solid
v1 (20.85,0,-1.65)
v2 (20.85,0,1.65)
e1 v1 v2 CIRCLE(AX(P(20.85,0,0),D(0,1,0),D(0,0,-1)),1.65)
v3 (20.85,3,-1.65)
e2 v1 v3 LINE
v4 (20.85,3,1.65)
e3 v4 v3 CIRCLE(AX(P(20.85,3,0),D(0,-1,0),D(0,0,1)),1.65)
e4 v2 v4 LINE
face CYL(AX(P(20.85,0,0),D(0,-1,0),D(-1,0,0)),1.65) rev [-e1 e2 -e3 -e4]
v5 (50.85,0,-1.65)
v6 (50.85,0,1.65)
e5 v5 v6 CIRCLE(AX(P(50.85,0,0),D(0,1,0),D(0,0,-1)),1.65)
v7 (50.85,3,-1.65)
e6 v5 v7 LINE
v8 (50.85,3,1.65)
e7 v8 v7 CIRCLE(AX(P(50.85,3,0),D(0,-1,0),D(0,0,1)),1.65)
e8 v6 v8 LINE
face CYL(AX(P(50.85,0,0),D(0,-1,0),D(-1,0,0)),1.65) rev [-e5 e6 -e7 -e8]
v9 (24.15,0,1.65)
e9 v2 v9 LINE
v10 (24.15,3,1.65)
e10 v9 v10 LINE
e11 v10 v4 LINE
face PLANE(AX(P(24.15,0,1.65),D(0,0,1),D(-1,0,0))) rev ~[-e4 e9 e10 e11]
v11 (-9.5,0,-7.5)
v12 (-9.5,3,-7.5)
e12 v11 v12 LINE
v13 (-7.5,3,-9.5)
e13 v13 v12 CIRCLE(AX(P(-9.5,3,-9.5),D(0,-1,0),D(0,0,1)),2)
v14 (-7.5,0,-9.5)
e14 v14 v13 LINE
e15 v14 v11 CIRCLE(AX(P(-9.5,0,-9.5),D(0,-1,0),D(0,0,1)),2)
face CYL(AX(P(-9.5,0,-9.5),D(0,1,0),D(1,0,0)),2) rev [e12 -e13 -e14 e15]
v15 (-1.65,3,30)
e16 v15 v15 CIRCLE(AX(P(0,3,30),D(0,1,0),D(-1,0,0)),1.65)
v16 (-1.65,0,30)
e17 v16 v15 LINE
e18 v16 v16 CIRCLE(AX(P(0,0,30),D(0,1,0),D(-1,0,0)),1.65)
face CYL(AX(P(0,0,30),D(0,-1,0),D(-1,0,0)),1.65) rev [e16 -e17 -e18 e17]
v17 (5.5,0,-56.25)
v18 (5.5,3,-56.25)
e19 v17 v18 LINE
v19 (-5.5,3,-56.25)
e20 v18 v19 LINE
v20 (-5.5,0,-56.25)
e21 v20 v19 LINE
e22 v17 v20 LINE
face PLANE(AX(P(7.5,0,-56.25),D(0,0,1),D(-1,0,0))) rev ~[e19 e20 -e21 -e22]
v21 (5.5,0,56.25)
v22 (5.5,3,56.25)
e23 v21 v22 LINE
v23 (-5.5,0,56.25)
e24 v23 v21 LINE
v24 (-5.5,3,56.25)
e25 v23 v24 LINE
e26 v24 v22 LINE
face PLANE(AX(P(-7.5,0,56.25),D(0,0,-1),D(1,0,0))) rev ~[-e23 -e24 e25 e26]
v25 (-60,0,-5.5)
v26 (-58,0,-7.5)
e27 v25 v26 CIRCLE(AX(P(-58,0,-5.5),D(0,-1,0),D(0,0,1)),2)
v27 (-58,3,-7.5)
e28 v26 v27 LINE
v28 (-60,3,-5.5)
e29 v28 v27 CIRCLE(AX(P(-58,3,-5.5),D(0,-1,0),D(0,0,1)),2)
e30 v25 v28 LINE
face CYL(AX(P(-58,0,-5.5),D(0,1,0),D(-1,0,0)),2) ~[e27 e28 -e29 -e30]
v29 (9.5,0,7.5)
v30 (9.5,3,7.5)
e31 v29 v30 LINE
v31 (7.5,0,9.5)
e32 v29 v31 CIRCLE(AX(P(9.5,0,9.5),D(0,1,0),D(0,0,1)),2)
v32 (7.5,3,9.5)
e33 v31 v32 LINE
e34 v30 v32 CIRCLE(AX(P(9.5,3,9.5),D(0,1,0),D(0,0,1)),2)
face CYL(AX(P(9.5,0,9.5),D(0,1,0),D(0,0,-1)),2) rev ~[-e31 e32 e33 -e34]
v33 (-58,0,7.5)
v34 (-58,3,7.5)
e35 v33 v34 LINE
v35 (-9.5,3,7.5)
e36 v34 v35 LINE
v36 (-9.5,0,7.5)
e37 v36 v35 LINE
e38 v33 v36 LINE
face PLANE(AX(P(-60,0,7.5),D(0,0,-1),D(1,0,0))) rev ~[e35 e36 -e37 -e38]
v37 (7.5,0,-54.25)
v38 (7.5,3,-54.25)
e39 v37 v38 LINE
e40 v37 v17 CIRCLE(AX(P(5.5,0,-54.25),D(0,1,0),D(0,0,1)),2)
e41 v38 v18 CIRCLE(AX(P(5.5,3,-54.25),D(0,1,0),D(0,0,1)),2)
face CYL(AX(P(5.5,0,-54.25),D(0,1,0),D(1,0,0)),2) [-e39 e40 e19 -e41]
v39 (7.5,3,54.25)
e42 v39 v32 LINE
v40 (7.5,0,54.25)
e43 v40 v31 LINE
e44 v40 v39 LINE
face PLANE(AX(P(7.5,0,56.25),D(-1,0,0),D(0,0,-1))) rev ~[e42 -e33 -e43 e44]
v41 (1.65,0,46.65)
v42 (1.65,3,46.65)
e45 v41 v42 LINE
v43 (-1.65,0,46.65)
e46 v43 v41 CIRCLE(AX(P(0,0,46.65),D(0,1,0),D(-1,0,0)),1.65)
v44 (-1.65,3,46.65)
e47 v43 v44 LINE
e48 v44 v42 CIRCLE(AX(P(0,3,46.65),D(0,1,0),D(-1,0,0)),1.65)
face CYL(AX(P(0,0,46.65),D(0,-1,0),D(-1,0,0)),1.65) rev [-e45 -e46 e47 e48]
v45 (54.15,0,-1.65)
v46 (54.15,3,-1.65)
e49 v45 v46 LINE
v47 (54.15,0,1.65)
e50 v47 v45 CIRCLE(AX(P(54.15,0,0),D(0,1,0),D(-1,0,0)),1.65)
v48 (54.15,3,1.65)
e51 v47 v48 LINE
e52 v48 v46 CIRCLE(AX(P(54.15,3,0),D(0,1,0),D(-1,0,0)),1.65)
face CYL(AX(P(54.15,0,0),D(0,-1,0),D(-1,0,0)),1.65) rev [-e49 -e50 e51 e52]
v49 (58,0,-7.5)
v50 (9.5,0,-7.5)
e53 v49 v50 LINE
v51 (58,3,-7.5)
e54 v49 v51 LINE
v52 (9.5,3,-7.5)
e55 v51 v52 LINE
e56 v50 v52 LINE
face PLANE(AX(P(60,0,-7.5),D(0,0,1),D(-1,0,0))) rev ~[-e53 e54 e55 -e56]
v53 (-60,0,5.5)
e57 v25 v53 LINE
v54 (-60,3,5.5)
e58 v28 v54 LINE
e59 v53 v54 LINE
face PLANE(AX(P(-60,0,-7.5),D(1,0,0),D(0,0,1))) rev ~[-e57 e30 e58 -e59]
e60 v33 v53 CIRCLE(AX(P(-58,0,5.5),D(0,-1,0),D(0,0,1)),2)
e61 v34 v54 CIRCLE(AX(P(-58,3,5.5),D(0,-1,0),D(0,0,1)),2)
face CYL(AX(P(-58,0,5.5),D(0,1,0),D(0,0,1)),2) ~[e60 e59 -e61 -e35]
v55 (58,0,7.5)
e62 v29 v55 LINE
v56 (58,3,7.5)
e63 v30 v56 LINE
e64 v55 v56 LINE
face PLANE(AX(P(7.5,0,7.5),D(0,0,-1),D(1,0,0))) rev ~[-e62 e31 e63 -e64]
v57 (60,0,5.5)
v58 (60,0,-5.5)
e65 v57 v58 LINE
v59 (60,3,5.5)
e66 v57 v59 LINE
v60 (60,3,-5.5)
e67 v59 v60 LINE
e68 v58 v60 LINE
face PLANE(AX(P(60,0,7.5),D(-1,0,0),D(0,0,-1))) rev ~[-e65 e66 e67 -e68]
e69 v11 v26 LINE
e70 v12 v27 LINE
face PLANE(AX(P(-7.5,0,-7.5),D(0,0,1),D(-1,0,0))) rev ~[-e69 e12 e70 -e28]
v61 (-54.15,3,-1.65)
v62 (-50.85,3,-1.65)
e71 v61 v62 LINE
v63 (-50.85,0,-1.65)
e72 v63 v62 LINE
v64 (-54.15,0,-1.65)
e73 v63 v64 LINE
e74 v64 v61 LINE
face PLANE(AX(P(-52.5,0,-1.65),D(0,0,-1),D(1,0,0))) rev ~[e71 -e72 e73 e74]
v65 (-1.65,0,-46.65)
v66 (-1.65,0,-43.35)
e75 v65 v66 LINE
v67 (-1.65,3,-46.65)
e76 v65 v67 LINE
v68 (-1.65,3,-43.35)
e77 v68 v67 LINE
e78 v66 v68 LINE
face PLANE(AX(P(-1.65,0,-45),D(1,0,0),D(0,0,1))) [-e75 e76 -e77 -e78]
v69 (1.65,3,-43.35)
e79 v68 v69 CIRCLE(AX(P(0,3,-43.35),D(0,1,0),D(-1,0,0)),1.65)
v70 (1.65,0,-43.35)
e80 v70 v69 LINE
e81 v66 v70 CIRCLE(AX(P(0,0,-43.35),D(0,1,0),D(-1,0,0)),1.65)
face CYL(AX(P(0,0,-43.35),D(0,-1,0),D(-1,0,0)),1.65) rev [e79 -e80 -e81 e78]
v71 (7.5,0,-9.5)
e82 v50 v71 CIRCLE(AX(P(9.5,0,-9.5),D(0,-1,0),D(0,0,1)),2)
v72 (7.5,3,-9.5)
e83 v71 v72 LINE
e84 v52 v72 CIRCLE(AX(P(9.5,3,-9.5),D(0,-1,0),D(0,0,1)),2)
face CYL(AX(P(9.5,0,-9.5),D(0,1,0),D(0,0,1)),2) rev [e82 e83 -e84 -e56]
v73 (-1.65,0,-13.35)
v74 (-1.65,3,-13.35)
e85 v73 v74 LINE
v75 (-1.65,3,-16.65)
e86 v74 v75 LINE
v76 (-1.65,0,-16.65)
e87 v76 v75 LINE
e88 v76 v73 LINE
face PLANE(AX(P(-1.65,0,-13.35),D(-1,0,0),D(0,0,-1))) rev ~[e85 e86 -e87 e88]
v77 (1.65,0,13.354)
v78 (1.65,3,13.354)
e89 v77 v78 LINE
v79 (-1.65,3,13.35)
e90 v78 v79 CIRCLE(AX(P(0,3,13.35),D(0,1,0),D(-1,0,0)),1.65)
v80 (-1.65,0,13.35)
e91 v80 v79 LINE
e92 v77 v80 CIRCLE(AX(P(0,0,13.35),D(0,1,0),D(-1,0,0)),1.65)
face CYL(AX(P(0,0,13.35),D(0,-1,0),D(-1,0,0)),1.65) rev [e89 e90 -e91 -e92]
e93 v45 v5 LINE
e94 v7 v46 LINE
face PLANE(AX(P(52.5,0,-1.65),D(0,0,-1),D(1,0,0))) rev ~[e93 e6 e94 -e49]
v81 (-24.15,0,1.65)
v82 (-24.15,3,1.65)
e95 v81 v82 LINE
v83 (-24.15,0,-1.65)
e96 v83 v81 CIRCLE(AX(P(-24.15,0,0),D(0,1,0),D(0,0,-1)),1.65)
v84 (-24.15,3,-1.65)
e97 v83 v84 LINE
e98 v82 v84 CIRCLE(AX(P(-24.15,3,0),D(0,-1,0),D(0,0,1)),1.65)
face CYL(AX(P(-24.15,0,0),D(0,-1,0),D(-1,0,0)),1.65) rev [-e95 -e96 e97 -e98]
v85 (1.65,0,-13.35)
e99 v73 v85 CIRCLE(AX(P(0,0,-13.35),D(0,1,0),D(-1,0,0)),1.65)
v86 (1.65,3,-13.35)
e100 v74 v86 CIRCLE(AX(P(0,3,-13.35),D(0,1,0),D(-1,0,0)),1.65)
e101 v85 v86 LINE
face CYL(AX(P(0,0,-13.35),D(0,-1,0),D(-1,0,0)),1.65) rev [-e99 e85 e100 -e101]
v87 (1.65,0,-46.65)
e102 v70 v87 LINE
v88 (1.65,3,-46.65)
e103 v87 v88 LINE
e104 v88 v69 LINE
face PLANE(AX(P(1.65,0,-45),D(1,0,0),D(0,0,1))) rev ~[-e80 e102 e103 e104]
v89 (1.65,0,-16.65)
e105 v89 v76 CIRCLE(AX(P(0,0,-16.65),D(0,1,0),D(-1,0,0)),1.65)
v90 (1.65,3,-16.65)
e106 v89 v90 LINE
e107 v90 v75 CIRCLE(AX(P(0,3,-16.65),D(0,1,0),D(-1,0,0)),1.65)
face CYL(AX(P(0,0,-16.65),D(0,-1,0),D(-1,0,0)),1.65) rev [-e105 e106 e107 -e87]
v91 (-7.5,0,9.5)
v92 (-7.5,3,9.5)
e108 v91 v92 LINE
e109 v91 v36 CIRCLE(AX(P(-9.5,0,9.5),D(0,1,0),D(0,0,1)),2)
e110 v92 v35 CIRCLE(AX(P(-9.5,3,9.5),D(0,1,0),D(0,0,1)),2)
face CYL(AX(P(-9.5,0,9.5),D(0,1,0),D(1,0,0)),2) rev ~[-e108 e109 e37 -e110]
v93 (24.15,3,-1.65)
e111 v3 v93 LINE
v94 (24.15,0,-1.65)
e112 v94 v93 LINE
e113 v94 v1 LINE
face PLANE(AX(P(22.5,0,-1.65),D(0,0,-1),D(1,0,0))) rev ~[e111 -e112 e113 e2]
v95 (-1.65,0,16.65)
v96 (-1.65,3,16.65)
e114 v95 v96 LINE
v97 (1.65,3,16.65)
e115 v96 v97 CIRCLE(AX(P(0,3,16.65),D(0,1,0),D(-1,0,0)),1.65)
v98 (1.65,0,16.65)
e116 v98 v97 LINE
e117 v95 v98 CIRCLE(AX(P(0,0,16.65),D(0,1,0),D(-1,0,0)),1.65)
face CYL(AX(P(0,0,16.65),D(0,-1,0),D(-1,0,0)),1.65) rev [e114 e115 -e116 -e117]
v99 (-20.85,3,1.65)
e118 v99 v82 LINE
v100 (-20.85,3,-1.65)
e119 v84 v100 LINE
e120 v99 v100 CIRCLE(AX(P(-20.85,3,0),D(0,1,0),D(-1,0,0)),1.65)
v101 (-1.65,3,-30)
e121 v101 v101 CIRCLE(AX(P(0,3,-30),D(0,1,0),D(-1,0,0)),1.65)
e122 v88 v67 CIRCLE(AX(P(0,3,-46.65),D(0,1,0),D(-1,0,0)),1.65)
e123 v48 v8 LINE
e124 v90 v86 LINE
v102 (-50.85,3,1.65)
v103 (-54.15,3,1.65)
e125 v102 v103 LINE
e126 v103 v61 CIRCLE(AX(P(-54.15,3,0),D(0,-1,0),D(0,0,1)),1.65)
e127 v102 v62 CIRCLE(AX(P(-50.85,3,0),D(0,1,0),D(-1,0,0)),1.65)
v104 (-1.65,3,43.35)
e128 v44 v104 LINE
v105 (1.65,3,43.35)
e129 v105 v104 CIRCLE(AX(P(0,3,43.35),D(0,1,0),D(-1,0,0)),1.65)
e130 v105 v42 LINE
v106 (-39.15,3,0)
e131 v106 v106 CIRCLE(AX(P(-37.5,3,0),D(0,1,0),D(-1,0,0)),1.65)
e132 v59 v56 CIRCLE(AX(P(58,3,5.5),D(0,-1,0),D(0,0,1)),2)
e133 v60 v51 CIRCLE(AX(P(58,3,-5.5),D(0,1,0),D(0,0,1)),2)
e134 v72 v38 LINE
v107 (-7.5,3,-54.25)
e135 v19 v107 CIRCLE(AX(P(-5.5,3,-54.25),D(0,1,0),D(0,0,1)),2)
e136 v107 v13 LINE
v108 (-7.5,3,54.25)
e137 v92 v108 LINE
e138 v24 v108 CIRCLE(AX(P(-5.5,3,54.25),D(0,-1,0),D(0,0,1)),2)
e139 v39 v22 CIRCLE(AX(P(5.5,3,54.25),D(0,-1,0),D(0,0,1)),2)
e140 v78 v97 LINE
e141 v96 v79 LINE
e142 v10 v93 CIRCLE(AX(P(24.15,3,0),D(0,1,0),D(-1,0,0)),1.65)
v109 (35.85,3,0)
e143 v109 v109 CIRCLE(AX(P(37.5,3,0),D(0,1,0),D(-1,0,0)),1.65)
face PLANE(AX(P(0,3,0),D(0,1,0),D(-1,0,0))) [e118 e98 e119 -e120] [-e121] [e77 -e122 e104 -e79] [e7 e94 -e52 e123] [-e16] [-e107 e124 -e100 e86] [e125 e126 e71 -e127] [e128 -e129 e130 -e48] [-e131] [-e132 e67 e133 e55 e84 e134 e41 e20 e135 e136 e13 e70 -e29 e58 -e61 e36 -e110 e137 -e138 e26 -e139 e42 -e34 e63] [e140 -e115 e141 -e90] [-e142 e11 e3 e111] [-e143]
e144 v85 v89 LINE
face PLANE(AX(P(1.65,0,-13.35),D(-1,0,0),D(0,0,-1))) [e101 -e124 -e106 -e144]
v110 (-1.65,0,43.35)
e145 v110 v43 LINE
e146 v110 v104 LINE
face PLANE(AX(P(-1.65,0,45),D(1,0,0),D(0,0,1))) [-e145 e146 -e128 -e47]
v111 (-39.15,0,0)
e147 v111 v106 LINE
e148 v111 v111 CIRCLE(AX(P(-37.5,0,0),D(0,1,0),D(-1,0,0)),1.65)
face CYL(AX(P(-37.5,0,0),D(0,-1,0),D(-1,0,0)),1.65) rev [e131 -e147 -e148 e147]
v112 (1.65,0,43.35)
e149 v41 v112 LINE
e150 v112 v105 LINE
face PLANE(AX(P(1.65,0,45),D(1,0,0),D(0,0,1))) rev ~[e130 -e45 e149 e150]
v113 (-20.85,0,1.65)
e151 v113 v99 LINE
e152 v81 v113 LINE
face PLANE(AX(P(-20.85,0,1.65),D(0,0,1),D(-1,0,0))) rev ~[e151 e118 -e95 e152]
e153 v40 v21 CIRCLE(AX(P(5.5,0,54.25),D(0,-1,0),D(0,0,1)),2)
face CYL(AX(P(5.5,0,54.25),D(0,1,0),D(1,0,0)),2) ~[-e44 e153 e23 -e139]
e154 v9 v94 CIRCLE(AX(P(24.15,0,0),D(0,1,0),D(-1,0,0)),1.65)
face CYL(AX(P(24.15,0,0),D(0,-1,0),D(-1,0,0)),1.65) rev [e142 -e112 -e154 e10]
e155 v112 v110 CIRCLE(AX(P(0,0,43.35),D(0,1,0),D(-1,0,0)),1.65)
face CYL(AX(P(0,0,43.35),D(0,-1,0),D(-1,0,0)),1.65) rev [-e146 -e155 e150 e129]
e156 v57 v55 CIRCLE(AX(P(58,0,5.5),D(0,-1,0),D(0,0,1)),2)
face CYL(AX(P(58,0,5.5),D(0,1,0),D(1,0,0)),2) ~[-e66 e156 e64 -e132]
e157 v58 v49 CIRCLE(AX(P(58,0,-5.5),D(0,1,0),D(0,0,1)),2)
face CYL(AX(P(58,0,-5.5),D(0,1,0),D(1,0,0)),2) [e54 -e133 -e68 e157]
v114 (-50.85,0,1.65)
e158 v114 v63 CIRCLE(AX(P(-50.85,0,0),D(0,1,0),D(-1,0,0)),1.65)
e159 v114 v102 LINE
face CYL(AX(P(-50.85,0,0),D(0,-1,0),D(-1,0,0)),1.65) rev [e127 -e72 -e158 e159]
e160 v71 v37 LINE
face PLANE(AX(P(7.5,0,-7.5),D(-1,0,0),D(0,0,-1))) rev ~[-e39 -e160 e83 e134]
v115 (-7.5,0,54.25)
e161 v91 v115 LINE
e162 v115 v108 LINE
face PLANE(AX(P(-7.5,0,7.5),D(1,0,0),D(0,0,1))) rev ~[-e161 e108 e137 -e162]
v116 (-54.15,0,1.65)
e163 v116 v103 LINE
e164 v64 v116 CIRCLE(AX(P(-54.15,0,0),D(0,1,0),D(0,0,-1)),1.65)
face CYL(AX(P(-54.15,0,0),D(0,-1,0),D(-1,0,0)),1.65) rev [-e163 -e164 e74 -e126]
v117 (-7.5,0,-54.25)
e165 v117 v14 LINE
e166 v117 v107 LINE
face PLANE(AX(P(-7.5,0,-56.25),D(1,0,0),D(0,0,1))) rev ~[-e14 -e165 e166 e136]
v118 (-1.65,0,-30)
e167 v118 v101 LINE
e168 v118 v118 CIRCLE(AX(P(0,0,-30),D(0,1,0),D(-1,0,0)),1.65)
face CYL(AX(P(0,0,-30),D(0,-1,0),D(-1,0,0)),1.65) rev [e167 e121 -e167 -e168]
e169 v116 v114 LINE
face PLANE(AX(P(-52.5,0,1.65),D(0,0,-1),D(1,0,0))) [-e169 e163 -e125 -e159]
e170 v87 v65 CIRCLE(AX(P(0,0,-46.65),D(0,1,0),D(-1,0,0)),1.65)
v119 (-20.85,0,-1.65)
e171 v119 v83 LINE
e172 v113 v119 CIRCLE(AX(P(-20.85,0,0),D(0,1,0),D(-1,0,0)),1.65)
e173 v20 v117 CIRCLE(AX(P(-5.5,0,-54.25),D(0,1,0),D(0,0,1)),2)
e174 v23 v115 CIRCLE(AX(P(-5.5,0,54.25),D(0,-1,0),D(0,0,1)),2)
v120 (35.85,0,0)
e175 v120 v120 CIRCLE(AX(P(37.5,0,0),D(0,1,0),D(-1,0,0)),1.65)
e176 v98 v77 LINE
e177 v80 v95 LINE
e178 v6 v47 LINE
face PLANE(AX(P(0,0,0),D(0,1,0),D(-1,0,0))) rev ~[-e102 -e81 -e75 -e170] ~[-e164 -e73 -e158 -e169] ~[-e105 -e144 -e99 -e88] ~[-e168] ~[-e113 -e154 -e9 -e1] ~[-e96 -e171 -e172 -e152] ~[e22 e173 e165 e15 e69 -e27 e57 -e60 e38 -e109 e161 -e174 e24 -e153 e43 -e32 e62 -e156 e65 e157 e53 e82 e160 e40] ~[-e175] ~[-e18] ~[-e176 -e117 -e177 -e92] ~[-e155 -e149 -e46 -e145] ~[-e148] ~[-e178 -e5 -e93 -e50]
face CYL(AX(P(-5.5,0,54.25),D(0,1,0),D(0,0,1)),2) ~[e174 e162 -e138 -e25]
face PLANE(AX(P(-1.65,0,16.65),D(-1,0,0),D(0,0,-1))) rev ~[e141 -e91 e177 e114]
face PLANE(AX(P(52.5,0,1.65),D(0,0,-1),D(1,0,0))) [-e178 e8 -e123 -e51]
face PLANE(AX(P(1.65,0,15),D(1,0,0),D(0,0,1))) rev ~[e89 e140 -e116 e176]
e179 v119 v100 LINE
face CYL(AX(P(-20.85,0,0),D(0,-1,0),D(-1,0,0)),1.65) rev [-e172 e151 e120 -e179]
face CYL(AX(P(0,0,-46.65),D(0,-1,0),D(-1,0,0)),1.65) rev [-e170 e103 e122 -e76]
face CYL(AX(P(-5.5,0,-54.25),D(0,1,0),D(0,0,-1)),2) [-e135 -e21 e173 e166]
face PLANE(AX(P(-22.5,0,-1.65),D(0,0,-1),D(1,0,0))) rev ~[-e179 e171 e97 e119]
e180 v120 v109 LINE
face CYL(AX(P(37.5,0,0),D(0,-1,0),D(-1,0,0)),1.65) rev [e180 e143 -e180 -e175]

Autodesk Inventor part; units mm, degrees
ref_plane "YZ Plane" through (0, 0, 0) normal (1, 0, 0) x (0, 1, 0)
ref_plane "XZ Plane" through (0, 0, 0) normal (0, 1, 0) x (-1, 0, 0)
ref_plane "XY Plane" through (0, 0, 0) normal (0, 0, 1) x (1, 0, 0)
sketch "スケッチ1" plane through (0, 0, 0) normal (0, 1, 0) x (-1, 0, 0)
  circle A0 centre (0, -15) radius 1.65
  circle A1 centre (0, -13.35) radius 1.65
  circle A2 centre (0, -16.65) radius 1.65
  line L0 (1.65, -13.35) -> (1.65, -16.65)
  line L1 (-1.65, -13.35) -> (-1.65, -16.65)
  circle A3 centre (0, -30) radius 1.65
  circle A4 centre (0, -45) radius 1.65
  circle A5 centre (0, -46.65) radius 1.65
  circle A6 centre (0, -43.35) radius 1.65
  line L2 (-1.65, -46.65) -> (-1.65, -43.35)
  line L3 (1.65, -46.65) -> (1.65, -43.35)
  circle A7 centre (-22.5, 0) radius 1.65
  circle A8 centre (-20.85, 0) radius 1.65
  circle A9 centre (-24.15, 0) radius 1.65
  line L4 (-20.85, -1.65) -> (-24.15, -1.65)
  line L5 (-24.15, 1.65) -> (-20.85, 1.65)
  circle A10 centre (-37.5, 0) radius 1.65
  circle A11 centre (-52.5, 0) radius 1.65
  circle A12 centre (-54.15, 0) radius 1.65
  circle A13 centre (-50.85, 0) radius 1.65
  line L6 (-50.85, -1.65) -> (-54.15, -1.65)
  line L7 (-50.85, 1.65) -> (-54.15, 1.65)
  circle A14 centre (0, 30) radius 1.65
  circle A15 centre (37.5, 0) radius 1.65
  circle A16 centre (22.5, 0) radius 1.65
  circle A17 centre (24.15, 0) radius 1.65
  circle A18 centre (20.85, 0) radius 1.65
  line L8 (24.15, -1.65) -> (20.85, -1.65)
  line L9 (20.85, 1.65) -> (24.15, 1.65)
  circle A19 centre (52.5, 0) radius 1.65
  circle A20 centre (54.15, 0) radius 1.65
  circle A21 centre (50.85, 0) radius 1.65
  line L10 (54.15, -1.65) -> (50.85, -1.65)
  line L11 (54.15, 1.65) -> (50.85, 1.65)
  circle A22 centre (0, 15) radius 1.65
  circle A23 centre (0, 13.35) radius 1.65
  circle A24 centre (0, 16.65) radius 1.65
  circle A25 centre (0, 45) radius 1.65
  circle A26 centre (0, 43.35) radius 1.65
  circle A27 centre (0, 46.65) radius 1.65
  line L12 (1.65, 43.35) -> (1.65, 46.65)
  line L13 (-1.65, 43.35) -> (-1.65, 46.65)
  line L14 (-60, -7.5) -> (60, -7.5)
  line L15 (60, -7.5) -> (60, 7.5)
  line L16 (60, 7.5) -> (-60, 7.5)
  line L17 (-60, 7.5) -> (-60, -7.5)
  line L18 (-60, -7.5) -> (60, 7.5) construction
  line L19 (60, -7.5) -> (-60, 7.5) construction
  line L20 (7.5, -56.25) -> (7.5, 56.25)
  line L21 (7.5, 56.25) -> (-7.5, 56.25)
  line L22 (-7.5, 56.25) -> (-7.5, -56.25)
  line L23 (-7.5, -56.25) -> (7.5, -56.25)
  line L24 (7.5, -56.25) -> (-7.5, 56.25) construction
  line L25 (7.5, 56.25) -> (-7.5, -56.25) construction
  line L26 (-1.65, 13.354) -> (-1.65, 16.65)
  line L27 (1.65, 16.65) -> (1.65, 13.35)
  point P0 (0, 0)
  point P1 (0, 0)
  dimension "d0" = 3.3
  dimension "d1" = 3.3
  dimension "d2" = 3.3
  dimension "d3" = 3.3
  dimension "d4" = 3.3
  dimension "d5" = 3.3
  dimension "d6" = 3.3
  dimension "d7" = 3.3
  dimension "d8" = 3.3
  dimension "d9" = 3.3
  dimension "d10" = 3.3
  dimension "d11" = 3.3
  dimension "d12" = 3.3
  dimension "d17" = 120
  dimension "d18" = 15
  dimension "d19" = 112.5
  dimension "d20" = 15
extrude "押し出し2" add sketch "スケッチ1" along normal blind 3
fillet "フィレット2" radius 2 12 edges at (60, 1.5, -7.5) (60, 1.5, 7.5) (7.5, 1.5, 56.25) (-7.5, 1.5, 56.25) (-60, 1.5, 7.5) (-60, 1.5, -7.5) (-7.5, 1.5, -56.25) (7.5, 1.5, -56.25) (-7.5, 1.5, 7.5) (-7.5, 1.5, -7.5) (7.5, 1.5, 7.5) (7.5, 1.5, -7.5)
properties part number "2"
